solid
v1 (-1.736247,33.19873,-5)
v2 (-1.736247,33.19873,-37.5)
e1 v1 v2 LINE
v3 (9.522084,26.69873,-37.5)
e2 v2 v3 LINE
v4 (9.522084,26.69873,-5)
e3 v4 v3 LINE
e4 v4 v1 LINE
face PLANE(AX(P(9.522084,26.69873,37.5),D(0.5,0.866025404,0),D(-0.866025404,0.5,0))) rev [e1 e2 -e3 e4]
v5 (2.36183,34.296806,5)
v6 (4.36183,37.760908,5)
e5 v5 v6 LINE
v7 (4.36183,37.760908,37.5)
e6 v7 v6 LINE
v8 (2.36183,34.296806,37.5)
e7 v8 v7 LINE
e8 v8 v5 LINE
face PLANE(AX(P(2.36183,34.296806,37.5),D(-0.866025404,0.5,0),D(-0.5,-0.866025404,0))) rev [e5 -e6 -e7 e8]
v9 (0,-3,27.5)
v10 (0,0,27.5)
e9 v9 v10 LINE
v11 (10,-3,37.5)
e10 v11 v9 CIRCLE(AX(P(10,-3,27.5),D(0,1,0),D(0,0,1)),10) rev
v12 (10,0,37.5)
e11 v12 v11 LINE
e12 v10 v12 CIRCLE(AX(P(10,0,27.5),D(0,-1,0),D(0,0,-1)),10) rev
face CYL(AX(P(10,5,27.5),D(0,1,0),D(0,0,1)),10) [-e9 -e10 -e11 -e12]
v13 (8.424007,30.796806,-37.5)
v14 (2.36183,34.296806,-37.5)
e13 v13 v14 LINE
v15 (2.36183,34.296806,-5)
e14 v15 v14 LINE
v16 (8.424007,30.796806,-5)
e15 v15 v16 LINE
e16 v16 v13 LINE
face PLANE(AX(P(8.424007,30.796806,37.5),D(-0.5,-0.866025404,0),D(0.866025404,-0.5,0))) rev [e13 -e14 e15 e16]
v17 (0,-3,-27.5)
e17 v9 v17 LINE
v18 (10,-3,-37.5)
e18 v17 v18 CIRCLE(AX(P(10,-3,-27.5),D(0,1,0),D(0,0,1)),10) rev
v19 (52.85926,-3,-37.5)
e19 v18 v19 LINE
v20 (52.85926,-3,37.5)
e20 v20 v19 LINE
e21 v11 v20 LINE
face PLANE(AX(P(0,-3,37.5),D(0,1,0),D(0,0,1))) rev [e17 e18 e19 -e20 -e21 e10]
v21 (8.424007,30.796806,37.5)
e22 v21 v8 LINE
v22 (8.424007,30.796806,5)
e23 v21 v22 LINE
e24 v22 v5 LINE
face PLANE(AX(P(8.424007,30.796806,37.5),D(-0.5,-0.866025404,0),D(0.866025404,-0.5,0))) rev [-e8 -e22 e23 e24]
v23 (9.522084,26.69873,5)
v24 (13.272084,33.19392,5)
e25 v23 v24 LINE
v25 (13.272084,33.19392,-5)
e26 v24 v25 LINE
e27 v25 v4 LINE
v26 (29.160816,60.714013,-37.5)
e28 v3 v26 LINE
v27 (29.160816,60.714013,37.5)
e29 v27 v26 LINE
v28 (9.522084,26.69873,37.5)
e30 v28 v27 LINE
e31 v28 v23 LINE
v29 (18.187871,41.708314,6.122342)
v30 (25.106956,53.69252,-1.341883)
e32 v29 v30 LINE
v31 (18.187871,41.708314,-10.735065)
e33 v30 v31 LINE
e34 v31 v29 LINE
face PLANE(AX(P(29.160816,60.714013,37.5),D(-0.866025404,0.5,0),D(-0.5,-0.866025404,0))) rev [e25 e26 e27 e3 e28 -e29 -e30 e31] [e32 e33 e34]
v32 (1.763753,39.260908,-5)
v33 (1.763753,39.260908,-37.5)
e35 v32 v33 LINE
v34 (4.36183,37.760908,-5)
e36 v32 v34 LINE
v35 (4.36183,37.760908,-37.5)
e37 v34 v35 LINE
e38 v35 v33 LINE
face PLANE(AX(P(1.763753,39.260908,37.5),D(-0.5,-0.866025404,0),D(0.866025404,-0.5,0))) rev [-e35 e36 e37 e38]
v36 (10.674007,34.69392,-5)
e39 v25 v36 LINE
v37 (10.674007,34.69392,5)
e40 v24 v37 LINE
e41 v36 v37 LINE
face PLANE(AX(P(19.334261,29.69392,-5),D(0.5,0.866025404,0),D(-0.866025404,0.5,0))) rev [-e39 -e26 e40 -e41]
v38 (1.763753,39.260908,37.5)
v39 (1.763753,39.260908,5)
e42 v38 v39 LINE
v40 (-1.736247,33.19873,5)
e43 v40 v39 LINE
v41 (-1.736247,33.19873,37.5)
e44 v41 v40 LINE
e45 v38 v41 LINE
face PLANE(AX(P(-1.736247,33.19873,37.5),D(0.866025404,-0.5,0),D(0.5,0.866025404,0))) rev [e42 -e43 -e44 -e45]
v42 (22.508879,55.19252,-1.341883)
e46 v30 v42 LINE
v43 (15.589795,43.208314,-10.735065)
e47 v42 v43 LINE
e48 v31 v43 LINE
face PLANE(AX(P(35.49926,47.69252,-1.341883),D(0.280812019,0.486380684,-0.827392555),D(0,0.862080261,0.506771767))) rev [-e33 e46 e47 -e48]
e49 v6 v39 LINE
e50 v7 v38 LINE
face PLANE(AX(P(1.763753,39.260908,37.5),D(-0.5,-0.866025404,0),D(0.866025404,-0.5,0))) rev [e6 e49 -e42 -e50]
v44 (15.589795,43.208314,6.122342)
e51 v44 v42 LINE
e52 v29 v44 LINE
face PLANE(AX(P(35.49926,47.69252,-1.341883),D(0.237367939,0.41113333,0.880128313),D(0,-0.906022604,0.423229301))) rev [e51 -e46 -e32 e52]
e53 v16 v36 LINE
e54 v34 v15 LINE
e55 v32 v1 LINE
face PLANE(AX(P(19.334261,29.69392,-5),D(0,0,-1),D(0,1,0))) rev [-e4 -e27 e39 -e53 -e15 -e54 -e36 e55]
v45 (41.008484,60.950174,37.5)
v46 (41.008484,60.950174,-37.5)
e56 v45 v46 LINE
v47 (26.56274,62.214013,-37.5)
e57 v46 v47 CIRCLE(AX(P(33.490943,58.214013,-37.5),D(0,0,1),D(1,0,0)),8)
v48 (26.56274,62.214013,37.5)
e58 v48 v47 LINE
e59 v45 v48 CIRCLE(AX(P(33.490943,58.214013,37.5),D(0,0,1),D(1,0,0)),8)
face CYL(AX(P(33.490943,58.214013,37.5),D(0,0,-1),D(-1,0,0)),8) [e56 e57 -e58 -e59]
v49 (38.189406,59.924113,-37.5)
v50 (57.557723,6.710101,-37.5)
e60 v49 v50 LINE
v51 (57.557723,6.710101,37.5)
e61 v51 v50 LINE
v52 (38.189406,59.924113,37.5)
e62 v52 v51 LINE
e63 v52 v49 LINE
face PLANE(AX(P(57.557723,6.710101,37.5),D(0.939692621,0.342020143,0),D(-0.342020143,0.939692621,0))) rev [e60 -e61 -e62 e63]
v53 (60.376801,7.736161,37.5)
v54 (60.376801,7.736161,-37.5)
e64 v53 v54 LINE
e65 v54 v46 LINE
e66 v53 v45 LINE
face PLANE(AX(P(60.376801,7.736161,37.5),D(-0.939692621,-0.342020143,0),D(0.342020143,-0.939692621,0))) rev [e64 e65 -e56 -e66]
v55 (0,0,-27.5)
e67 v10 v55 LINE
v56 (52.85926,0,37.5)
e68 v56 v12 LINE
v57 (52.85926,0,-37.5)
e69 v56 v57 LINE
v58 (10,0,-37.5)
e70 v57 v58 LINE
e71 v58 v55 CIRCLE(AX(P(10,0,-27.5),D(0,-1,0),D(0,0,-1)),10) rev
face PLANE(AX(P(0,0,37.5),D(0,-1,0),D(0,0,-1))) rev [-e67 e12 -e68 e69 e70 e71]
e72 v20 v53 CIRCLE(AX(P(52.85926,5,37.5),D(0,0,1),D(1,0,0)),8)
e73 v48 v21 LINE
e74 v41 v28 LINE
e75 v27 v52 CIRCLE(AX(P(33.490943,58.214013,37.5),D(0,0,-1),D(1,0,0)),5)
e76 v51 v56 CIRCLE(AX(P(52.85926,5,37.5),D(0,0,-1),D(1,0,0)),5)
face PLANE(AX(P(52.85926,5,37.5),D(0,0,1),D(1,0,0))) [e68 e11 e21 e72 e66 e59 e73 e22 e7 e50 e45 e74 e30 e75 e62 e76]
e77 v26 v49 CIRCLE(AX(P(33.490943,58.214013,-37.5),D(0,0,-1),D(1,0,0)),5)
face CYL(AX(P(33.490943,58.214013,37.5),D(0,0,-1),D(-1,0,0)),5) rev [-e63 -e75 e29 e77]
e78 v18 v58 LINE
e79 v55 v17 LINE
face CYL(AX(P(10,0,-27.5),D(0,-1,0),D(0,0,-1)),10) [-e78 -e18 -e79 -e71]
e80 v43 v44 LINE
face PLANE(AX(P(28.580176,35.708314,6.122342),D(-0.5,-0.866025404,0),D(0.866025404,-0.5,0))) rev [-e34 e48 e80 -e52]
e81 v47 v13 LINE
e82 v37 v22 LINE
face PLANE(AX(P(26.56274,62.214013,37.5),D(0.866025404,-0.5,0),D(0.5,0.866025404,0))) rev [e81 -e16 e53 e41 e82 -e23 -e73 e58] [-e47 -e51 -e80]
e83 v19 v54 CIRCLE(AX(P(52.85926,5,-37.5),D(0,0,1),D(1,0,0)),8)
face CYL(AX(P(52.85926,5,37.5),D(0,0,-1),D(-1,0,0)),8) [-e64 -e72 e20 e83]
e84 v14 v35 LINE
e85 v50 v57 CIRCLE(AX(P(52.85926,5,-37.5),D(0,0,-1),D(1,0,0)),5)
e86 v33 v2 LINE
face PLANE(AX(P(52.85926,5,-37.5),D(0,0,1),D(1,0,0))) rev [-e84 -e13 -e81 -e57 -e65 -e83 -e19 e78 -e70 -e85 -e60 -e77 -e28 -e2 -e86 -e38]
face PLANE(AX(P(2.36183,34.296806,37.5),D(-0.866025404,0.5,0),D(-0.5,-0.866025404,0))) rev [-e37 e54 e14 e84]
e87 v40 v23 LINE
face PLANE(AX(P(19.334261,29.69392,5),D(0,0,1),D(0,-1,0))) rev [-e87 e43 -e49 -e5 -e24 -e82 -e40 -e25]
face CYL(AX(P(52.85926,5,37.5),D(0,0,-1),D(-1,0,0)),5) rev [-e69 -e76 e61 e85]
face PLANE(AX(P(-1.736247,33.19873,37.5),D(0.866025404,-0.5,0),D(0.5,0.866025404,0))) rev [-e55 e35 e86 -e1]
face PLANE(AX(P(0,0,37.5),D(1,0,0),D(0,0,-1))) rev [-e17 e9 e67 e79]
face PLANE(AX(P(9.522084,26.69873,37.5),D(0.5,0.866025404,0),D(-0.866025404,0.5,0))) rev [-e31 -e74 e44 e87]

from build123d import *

# Parameters (mm, degrees)
EXTRUDE_2_DEPTH     = 37.5
SKETCH_2_W          = 10
SKETCH_2_H          = 15
CUT_EXTRUDE_2_DEPTH = 20
FILLET_1_R          = 10
FILLET_2_R          = 10
CUT_EXTRUDE_3_DEPTH = 15


with BuildPart() as part:
    # 草图1 → 凸台-拉伸2 (new body, symmetric)
    with BuildSketch(Plane.XY):
        with BuildLine():
            Line((0, 0), (52.859259966, 0))
            ThreePointArc((52.859259966, 0), (56.955020188, 2.132117818), (57.55772307, 6.710100717))
            Line((57.55772307, 6.710100717), (38.189406423, 59.924113358))
            ThreePointArc((38.189406423, 59.924113358), (33.926722033, 63.194986132), (29.1608163, 60.714012641))
            Line((29.1608163, 60.714012641), (9.522083601, 26.698729811))
            Line((9.522083601, 26.698729811), (-1.736246648, 33.198729811))
            Line((-1.736246648, 33.198729811), (1.763753352, 39.260907637))
            Line((1.763753352, 39.260907637), (4.361829564, 37.760907637))
            Line((4.361829564, 37.760907637), (2.361829564, 34.296806022))
            Line((2.361829564, 34.296806022), (8.42400739, 30.796806022))
            Line((8.42400739, 30.796806022), (26.562740089, 62.214012641))
            ThreePointArc((26.562740089, 62.214012641), (34.188189261, 66.183570226), (41.008484285, 60.950173788))
            Line((41.008484285, 60.950173788), (60.376800933, 7.736161147))
            ThreePointArc((60.376800933, 7.736161147), (59.412476321, 0.411388509), (52.859259966, -3))
            Line((52.859259966, -3), (0, -3))
            Line((0, -3), (0, 0))
        make_face()
    extrude(amount=EXTRUDE_2_DEPTH, both=True)

    # 草图2 → 切除-拉伸2 (cut)
    with BuildSketch(Plane(origin=(-15.677656681, 9.051499305, 0), x_dir=(0, 0, 1), z_dir=(-0.866025404, 0.5, 0))):
        with Locations((0, 27.882820066)):
            Rectangle(SKETCH_2_W, SKETCH_2_H)
    extrude(amount=-CUT_EXTRUDE_2_DEPTH, mode=Mode.SUBTRACT)

    # 圆角1
    fillet_1_edges = [part.edges().sort_by_distance(p)[0] for p in [
        (0, -1.5, -37.5),
    ]]
    fillet(fillet_1_edges, radius=FILLET_1_R)

    # 圆角2
    fillet_2_edges = [part.edges().sort_by_distance(p)[0] for p in [
        (0, -1.5, 37.5),
    ]]
    fillet(fillet_2_edges, radius=FILLET_2_R)

    # 草图3 → 切除-拉伸3 (cut)
    with BuildSketch(Plane(origin=(-7.017402643, 4.051499305, 0), x_dir=(0, 0, 1), z_dir=(-0.866025404, 0.5, 0))):
        Polygon((-1.341883091, 59.052563915), (-10.735064726, 45.214394542), (6.122341602, 45.214394542), align=None)
    extrude(amount=-CUT_EXTRUDE_3_DEPTH, mode=Mode.SUBTRACT)


solid = part.part
